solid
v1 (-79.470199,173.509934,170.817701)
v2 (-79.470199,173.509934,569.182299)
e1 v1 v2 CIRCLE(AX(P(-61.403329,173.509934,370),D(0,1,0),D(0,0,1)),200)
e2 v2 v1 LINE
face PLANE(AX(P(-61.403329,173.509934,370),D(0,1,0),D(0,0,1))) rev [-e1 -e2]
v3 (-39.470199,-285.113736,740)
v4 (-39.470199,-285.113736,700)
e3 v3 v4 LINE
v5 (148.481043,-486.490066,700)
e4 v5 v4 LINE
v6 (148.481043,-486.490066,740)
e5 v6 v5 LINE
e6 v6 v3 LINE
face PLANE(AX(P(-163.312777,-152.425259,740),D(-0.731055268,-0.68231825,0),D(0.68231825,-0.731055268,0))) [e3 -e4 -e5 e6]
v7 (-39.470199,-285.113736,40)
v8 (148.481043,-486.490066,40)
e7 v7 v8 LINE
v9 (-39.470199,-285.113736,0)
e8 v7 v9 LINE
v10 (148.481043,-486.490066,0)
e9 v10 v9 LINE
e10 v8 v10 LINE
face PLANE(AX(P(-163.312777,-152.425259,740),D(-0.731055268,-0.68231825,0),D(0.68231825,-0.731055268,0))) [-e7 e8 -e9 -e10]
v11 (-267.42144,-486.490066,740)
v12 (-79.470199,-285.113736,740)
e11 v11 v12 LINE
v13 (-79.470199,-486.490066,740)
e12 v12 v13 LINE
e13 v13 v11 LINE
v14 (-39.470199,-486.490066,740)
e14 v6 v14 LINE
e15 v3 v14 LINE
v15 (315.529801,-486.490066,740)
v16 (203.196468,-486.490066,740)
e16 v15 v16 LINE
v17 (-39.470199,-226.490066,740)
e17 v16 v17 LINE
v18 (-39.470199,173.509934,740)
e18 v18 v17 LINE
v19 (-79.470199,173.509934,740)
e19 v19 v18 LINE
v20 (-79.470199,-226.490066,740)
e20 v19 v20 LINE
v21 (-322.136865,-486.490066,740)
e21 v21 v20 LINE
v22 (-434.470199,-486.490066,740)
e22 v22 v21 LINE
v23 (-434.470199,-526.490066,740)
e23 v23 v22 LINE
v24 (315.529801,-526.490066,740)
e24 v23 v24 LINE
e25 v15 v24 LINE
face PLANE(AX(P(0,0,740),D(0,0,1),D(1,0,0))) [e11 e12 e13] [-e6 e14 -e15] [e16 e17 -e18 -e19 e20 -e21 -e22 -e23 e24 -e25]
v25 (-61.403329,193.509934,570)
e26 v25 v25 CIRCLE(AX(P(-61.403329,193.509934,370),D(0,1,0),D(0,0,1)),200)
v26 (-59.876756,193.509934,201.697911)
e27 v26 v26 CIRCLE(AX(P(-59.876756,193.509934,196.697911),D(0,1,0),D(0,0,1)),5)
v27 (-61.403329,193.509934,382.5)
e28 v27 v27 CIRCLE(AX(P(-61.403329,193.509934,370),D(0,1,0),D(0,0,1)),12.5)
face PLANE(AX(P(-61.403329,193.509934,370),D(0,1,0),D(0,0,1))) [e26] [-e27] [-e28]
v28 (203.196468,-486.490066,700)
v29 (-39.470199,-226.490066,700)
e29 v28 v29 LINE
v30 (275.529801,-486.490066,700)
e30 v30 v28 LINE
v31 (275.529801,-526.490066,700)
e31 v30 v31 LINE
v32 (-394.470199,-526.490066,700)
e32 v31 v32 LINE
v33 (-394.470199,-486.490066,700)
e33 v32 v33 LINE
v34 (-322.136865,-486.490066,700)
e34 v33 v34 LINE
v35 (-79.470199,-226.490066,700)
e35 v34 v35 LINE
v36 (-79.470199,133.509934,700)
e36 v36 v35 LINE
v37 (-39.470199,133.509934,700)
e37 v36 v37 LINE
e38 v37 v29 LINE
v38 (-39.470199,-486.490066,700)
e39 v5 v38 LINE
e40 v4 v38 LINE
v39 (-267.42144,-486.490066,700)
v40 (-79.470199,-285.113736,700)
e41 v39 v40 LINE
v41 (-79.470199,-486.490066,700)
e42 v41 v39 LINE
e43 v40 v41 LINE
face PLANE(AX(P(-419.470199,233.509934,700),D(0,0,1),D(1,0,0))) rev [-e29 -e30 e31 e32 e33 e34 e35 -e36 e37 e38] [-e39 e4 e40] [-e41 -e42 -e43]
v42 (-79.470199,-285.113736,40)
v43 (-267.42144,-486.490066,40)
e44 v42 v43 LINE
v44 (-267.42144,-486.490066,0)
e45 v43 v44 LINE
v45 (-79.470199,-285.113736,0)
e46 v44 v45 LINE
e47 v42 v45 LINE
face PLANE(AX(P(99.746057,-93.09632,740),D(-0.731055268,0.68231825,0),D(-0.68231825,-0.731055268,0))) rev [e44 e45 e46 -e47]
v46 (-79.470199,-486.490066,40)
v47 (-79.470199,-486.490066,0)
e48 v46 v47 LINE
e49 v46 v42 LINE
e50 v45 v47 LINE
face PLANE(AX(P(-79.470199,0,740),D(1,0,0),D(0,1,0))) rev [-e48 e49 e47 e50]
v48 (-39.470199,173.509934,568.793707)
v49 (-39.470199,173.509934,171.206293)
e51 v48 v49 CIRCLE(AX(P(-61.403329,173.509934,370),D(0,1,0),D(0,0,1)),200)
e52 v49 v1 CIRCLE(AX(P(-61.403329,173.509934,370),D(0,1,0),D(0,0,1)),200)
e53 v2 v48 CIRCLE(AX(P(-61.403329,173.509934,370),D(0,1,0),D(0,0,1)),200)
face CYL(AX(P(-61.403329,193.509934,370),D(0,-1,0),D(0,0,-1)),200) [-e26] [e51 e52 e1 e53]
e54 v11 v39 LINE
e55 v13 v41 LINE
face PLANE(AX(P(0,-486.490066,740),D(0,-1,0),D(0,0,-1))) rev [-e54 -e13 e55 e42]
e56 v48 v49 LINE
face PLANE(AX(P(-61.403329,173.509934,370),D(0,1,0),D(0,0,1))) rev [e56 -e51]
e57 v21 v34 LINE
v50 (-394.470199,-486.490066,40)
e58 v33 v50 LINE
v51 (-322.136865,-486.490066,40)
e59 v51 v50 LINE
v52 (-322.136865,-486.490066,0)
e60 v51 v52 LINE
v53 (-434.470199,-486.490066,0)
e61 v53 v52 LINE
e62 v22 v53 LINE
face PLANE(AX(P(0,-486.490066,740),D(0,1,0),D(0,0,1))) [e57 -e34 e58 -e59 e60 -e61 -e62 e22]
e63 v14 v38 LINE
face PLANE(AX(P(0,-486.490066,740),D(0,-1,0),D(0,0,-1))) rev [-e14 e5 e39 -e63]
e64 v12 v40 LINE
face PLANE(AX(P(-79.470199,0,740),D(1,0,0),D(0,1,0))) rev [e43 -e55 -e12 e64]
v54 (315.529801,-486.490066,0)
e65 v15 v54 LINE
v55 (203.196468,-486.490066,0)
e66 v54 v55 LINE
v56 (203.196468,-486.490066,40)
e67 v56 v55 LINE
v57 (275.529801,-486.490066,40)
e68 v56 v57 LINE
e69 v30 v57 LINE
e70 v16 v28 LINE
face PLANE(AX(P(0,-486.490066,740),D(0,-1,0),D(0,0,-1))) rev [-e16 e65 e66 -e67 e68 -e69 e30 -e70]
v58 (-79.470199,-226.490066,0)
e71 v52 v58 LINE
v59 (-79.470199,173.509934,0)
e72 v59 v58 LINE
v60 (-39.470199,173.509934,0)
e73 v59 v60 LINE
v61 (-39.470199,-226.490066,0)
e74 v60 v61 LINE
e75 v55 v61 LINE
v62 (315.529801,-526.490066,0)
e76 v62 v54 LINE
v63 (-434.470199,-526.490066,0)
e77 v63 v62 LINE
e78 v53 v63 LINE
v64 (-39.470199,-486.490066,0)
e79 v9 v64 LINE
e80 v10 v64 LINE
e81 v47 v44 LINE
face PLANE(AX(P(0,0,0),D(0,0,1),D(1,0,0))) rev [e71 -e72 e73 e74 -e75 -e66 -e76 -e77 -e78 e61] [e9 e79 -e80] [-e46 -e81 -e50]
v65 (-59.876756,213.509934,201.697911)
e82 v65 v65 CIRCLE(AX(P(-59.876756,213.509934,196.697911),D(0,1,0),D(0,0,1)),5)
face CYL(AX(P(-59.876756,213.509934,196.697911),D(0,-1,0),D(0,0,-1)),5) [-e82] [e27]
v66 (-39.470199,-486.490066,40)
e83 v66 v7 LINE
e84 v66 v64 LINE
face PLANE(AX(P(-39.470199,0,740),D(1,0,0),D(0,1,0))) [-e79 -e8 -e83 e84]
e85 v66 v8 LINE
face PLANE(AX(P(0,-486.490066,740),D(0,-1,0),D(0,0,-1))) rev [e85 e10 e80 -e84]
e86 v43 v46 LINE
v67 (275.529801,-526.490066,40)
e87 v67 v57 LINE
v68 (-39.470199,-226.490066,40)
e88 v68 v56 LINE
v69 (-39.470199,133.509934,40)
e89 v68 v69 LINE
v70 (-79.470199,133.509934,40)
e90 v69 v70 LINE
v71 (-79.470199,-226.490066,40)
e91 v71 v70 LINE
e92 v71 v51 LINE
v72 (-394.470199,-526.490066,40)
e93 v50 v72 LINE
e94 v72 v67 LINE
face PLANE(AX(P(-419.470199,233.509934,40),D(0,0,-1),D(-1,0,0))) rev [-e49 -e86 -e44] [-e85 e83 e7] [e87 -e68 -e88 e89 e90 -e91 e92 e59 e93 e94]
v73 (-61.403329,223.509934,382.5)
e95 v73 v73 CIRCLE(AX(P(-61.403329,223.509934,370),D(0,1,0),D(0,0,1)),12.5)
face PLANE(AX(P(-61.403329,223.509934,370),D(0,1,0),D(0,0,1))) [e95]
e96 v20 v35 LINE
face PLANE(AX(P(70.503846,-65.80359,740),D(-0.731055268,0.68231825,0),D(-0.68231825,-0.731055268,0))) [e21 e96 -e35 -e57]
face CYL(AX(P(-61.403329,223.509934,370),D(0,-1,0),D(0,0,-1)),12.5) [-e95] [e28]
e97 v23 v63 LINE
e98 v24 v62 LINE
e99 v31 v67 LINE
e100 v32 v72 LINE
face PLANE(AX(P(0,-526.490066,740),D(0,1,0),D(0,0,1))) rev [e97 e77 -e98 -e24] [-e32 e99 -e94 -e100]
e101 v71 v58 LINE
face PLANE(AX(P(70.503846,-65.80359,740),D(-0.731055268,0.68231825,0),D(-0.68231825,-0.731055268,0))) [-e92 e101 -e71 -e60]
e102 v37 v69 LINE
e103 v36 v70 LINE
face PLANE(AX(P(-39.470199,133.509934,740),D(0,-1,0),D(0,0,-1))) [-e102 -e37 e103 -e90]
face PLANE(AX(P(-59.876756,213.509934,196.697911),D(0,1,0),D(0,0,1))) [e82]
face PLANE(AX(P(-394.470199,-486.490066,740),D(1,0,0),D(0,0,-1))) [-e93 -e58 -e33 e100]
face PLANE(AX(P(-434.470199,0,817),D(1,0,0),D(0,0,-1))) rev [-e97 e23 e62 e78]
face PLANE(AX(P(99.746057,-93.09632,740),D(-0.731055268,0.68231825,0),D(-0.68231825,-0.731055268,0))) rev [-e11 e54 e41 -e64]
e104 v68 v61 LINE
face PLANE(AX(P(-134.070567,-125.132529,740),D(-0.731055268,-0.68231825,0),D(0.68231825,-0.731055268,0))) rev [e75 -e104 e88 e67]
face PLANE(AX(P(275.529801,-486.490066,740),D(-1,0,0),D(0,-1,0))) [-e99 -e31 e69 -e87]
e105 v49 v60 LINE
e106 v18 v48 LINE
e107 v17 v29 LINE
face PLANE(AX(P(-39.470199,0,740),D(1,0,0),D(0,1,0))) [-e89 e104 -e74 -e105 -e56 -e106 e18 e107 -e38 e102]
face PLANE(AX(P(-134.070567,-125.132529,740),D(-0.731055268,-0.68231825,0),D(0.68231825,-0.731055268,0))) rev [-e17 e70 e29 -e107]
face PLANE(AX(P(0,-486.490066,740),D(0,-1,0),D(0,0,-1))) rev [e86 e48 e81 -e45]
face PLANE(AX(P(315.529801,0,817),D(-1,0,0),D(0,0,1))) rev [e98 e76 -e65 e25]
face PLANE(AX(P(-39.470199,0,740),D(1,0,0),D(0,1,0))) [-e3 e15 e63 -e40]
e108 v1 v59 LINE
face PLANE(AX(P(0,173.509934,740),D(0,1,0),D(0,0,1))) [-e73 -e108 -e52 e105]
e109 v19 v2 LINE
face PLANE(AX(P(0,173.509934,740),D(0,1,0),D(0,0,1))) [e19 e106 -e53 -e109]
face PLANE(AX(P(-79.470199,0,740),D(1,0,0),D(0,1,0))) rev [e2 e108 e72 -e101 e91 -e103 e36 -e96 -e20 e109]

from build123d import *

# Parameters (mm, degrees)
BOSS_EXTRUDE1_DEPTH  = 740
SKETCH2_W            = 720
SKETCH2_H            = 660
CUT_EXTRUDE1_DEPTH   = 760
SKETCH4_W            = 25
SKETCH4_H            = 40
CUT_EXTRUDE2_DEPTH   = 817
SKETCH5_W            = 40
SKETCH5_H            = 40
BOSS_EXTRUDE2_DEPTH  = 740
SKETCH6_W            = 40
SKETCH6_H            = 40
BOSS_EXTRUDE3_DEPTH  = 740
SKETCH7_R            = 200
BOSS_EXTRUDE5_DEPTH  = 20
SKETCH8_R            = 12.5
BOSS_EXTRUDE6_DEPTH  = 30
SKETCH9_R            = 5
BOSS_EXTRUDE10_DEPTH = 20


with BuildPart() as part:
    # Sketch1 → Boss-Extrude1 (new body)
    with BuildSketch(Plane.XY):
        Polygon((-79.470198675, 173.509933775), (-79.470198675, -226.490066225), (-322.136865342, -486.490066225), (-459.470198675, -486.490066225), (-459.470198675, -526.490066225), (340.529801325, -526.490066225), (340.529801325, -486.490066225), (203.196467991, -486.490066225), (-39.470198675, -226.490066225), (-39.470198675, 173.509933775), align=None)
        Polygon((-79.470198675, -486.490066225), (-267.421439932, -486.490066225), (-79.470198675, -285.113736307), align=None, mode=Mode.SUBTRACT)
        Polygon((148.481042581, -486.490066225), (-39.470198675, -486.490066225), (-39.470198675, -285.113736307), align=None, mode=Mode.SUBTRACT)
    extrude(amount=BOSS_EXTRUDE1_DEPTH)

    # Sketch2 → Cut-Extrude1 (cut)
    with BuildSketch(Plane.XZ.offset(526.490066225)):
        with Locations((-59.470198675, 370)):
            Rectangle(SKETCH2_W, SKETCH2_H)
    extrude(amount=-CUT_EXTRUDE1_DEPTH, mode=Mode.SUBTRACT)

    # Sketch4 → Cut-Extrude2 (cut)
    with BuildSketch(Plane(origin=(0, 0, 0), x_dir=(-1, 0, 0), z_dir=(0, 0, -1))):
        with Locations((-328.029801325, -506.490066225)):
            Rectangle(SKETCH4_W, SKETCH4_H)
        with Locations((446.970198675, -506.490066225)):
            Rectangle(SKETCH4_W, SKETCH4_H)
    extrude(amount=-CUT_EXTRUDE2_DEPTH, mode=Mode.SUBTRACT)

    # Sketch5 → Boss-Extrude2 (add)
    with BuildSketch(Plane(origin=(0, 0, 0), x_dir=(-1, 0, 0), z_dir=(0, 0, -1))):
        with Locations((-295.529801325, -506.490066225)):
            Rectangle(SKETCH5_W, SKETCH5_H)
        with Locations((414.470198675, -506.490066225)):
            Rectangle(SKETCH5_W, SKETCH5_H)
    extrude(amount=-BOSS_EXTRUDE2_DEPTH)

    # Sketch6 → Boss-Extrude3 (add)
    with BuildSketch(Plane(origin=(0, 0, 0), x_dir=(-1, 0, 0), z_dir=(0, 0, -1))):
        with Locations((59.470198675, 153.509933775)):
            Rectangle(SKETCH6_W, SKETCH6_H)
    extrude(amount=-BOSS_EXTRUDE3_DEPTH)

    # Sketch7 → Boss-Extrude5 (add)
    with BuildSketch(Plane(origin=(0, 173.509933775, 0), x_dir=(1, 0, 0), z_dir=(0, 1, 0))):
        with Locations((-61.40332894, -370)):
            Circle(SKETCH7_R)
    extrude(amount=BOSS_EXTRUDE5_DEPTH)

    # Sketch8 → Boss-Extrude6 (add)
    with BuildSketch(Plane(origin=(0, 193.509933775, 0), x_dir=(1, 0, 0), z_dir=(0, 1, 0))):
        with Locations((-61.40332894, -370)):
            Circle(SKETCH8_R)
    extrude(amount=BOSS_EXTRUDE6_DEPTH)

    # Sketch9 → Boss-Extrude10 (add)
    with BuildSketch(Plane(origin=(0, 193.509933775, 0), x_dir=(1, 0, 0), z_dir=(0, 1, 0))):
        with Locations((-59.876755941, -196.697911229)):
            Circle(SKETCH9_R)
    extrude(amount=BOSS_EXTRUDE10_DEPTH)


solid = part.part
